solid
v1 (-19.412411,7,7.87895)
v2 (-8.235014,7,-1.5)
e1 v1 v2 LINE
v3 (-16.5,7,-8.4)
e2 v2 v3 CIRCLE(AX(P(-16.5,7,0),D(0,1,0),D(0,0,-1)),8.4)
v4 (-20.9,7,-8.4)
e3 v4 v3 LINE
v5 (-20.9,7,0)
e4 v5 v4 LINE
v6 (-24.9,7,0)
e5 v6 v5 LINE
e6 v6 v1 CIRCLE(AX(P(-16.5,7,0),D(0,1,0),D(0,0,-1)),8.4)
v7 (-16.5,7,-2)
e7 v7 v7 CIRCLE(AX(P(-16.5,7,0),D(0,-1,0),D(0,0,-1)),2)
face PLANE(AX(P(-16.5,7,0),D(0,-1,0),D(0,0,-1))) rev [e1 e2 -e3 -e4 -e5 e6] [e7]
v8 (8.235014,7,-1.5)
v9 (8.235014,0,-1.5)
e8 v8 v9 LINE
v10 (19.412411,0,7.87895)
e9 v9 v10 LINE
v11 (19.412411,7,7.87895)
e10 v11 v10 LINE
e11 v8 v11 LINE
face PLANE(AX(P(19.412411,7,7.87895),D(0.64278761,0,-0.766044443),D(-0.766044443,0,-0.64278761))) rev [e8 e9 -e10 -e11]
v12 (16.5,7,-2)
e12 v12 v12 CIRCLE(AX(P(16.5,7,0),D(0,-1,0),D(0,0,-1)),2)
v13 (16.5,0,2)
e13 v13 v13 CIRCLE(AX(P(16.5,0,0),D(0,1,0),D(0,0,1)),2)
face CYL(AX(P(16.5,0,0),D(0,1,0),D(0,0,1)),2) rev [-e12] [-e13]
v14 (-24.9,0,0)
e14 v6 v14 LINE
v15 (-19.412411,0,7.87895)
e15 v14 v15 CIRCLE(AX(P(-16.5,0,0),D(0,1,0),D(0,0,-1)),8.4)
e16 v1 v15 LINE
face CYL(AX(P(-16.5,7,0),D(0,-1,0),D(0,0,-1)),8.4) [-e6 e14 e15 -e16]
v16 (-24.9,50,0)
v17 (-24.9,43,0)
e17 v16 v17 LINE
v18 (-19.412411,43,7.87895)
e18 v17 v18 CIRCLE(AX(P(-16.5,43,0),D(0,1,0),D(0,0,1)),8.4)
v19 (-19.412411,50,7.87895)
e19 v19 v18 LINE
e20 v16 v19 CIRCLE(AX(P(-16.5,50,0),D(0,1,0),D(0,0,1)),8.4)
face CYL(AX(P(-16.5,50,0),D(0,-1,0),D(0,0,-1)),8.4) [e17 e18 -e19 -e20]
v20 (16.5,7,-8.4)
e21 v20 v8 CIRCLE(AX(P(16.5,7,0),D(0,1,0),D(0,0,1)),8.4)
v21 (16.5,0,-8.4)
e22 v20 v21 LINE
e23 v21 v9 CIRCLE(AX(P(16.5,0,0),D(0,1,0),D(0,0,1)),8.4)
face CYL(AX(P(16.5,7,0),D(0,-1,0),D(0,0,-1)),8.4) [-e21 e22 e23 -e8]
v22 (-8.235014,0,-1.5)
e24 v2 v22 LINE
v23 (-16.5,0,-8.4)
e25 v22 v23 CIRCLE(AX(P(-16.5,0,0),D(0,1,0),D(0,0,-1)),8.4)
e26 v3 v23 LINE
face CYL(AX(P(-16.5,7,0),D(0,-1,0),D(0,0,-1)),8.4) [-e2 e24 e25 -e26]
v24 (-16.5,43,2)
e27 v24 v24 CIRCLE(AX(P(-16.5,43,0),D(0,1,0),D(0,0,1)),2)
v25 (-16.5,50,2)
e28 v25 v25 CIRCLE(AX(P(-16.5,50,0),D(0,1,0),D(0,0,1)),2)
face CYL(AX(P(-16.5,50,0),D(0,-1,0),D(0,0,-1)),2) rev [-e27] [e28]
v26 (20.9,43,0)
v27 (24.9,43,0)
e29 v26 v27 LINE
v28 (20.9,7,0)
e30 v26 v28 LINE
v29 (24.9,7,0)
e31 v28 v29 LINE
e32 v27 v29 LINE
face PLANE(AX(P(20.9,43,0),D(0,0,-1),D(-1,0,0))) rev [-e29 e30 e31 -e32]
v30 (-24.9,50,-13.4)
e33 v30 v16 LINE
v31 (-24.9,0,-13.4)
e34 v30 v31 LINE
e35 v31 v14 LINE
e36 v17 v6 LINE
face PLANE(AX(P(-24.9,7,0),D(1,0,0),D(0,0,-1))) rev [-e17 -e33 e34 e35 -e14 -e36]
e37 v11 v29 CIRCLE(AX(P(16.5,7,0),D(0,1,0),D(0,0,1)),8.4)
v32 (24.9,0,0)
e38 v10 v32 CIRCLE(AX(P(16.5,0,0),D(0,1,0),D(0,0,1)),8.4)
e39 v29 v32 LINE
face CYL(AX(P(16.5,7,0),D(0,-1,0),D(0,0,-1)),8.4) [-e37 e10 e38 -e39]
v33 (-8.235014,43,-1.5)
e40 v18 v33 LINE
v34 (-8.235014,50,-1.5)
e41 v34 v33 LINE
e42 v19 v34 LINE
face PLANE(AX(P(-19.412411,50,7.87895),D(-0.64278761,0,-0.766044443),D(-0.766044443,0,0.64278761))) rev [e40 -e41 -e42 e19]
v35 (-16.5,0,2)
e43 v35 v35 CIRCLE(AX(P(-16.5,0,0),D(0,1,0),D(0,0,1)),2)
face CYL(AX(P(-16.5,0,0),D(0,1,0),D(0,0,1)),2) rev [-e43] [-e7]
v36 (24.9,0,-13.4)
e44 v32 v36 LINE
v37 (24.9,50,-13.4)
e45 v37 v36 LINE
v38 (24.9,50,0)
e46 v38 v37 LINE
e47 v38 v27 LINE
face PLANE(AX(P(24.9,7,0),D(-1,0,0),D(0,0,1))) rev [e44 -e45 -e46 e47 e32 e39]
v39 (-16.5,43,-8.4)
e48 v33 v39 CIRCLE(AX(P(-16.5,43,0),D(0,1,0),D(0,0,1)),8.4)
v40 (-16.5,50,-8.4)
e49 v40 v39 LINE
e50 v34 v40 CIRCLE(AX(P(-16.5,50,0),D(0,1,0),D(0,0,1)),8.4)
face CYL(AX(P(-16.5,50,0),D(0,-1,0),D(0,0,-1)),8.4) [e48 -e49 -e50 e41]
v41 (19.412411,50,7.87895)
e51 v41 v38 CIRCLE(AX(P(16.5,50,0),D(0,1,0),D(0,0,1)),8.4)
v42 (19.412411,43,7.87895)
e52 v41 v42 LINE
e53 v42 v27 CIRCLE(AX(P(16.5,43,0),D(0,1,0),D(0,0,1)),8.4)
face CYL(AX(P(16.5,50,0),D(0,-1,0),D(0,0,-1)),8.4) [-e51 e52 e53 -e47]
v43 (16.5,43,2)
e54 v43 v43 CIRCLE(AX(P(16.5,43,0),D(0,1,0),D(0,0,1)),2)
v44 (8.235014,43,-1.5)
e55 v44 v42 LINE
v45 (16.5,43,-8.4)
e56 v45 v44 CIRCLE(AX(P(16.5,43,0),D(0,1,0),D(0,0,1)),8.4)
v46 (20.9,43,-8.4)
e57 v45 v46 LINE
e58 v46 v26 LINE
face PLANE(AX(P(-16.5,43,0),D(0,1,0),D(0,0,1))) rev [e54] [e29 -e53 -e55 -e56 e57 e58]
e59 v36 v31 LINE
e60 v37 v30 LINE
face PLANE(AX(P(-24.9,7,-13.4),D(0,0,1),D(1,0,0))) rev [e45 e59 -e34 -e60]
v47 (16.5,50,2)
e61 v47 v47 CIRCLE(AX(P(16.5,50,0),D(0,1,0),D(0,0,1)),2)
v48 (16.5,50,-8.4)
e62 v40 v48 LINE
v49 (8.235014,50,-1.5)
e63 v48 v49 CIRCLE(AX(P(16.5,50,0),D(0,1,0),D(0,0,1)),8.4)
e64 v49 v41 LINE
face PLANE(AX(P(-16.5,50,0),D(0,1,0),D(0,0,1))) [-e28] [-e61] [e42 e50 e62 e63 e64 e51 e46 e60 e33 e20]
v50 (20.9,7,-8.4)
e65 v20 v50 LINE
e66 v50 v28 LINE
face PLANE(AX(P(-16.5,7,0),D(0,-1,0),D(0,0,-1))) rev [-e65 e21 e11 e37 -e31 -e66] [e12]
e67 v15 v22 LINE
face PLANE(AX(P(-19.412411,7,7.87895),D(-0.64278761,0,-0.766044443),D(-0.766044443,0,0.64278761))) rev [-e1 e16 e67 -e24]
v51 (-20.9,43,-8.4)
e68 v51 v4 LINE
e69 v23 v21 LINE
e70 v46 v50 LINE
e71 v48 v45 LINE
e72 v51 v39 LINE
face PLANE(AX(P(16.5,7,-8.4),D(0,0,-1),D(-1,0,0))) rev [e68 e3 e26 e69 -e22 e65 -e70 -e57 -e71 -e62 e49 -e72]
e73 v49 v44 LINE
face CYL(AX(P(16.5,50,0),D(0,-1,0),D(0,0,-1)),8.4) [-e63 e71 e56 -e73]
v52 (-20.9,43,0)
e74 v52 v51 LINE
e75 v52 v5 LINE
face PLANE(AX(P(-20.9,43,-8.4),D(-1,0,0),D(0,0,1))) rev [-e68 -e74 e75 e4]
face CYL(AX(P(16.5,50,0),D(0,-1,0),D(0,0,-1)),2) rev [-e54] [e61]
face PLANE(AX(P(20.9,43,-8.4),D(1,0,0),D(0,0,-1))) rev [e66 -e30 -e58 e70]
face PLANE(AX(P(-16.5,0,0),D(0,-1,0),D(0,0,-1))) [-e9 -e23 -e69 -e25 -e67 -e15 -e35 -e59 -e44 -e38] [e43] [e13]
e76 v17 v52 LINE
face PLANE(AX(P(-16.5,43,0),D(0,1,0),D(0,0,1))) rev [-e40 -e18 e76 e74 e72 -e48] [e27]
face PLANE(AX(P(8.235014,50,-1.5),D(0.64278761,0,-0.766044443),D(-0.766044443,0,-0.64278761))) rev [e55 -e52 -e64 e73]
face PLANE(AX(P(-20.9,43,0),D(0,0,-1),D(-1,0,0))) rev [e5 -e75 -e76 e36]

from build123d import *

# Parameters (mm, degrees)
BOSS_EXTRUDE2_DEPTH     = 7
CUT_EXTRUDE2_DEPTH      = 30.130224853
CUT_EXTRUDE2_DEPTH_BACK = 30.130224853
SKETCH3_R               = 2
BOSS_EXTRUDE3_DEPTH     = 36
SKETCH5_R               = 2
BOSS_EXTRUDE4_DEPTH     = 7


with BuildPart() as part:
    # Sketch1 → Boss-Extrude2 (new body)
    with BuildSketch(Plane(origin=(0, 0, 0), x_dir=(1, 0, 0), z_dir=(0, 1, 0))):
        with BuildLine():
            Line((-24.9, 0), (-24.9, 13.4))
            Line((-24.9, 13.4), (24.9, 13.4))
            Line((24.9, 13.4), (24.9, 0))
            ThreePointArc((24.9, 0), (23.392904185, -4.800819919), (19.412411454, -7.878950407))
            Line((19.412411454, -7.878950407), (8.235013612, 1.5))
            ThreePointArc((8.235013612, 1.5), (11.116692467, 6.448255578), (16.5, 8.4))
            Line((16.5, 8.4), (-16.5, 8.4))
            ThreePointArc((-16.5, 8.4), (-11.116692467, 6.448255578), (-8.235013612, 1.5))
            Line((-8.235013612, 1.5), (-19.412411454, -7.878950407))
            ThreePointArc((-19.412411454, -7.878950407), (-23.392904185, -4.800819919), (-24.9, 0))
        make_face()
    extrude(amount=BOSS_EXTRUDE2_DEPTH)

    # Sketch3 → Cut-Extrude2 (cut, two sides: drawn at the far end of the back side and taken through both)
    with BuildSketch(Plane(origin=(0, 7, 0), x_dir=(1, 0, 0), z_dir=(0, 1, 0)).offset(-CUT_EXTRUDE2_DEPTH_BACK)):
        with Locations(Location((-16.5, 0, 0), (0, 0, 270))):
            Circle(SKETCH3_R)
        with Locations(Location((16.5, 0, 0), (0, 0, 270))):
            Circle(SKETCH3_R)
    extrude(amount=CUT_EXTRUDE2_DEPTH + CUT_EXTRUDE2_DEPTH_BACK, mode=Mode.SUBTRACT)

    # Sketch4 → Boss-Extrude3 (add)
    with BuildSketch(Plane(origin=(0, 7, 0), x_dir=(1, 0, 0), z_dir=(0, 1, 0))):
        Polygon((-24.9, 13.4), (-24.9, 0), (-20.9, 0), (-20.9, 8.4), (-16.5, 8.4), (16.5, 8.4), (20.9, 8.4), (20.9, 0), (24.9, 0), (24.9, 13.4), align=None)
    extrude(amount=BOSS_EXTRUDE3_DEPTH)

    # Sketch5 → Boss-Extrude4 (add)
    with BuildSketch(Plane(origin=(0, 43, 0), x_dir=(1, 0, 0), z_dir=(0, 1, 0))):
        with BuildLine():
            Line((-24.9, 13.4), (-24.9, 0))
            ThreePointArc((-24.9, 0), (-23.392904185, -4.800819919), (-19.412411454, -7.878950407))
            Line((-19.412411454, -7.878950407), (-8.235013612, 1.5))
            ThreePointArc((-8.235013612, 1.5), (-11.116692467, 6.448255578), (-16.5, 8.4))
            Line((-16.5, 8.4), (16.5, 8.4))
            ThreePointArc((16.5, 8.4), (11.116692467, 6.448255578), (8.235013612, 1.5))
            Line((8.235013612, 1.5), (19.412411454, -7.878950407))
            ThreePointArc((19.412411454, -7.878950407), (23.392904185, -4.800819919), (24.9, 0))
            Line((24.9, 0), (24.9, 13.4))
            Line((24.9, 13.4), (-24.9, 13.4))
        make_face()
        with Locations(Location((16.5, 0, 0), (0, 0, 270))):
            Circle(SKETCH5_R, mode=Mode.SUBTRACT)
        with Locations(Location((-16.5, 0, 0), (0, 0, 270))):
            Circle(SKETCH5_R, mode=Mode.SUBTRACT)
    extrude(amount=BOSS_EXTRUDE4_DEPTH)


solid = part.part
